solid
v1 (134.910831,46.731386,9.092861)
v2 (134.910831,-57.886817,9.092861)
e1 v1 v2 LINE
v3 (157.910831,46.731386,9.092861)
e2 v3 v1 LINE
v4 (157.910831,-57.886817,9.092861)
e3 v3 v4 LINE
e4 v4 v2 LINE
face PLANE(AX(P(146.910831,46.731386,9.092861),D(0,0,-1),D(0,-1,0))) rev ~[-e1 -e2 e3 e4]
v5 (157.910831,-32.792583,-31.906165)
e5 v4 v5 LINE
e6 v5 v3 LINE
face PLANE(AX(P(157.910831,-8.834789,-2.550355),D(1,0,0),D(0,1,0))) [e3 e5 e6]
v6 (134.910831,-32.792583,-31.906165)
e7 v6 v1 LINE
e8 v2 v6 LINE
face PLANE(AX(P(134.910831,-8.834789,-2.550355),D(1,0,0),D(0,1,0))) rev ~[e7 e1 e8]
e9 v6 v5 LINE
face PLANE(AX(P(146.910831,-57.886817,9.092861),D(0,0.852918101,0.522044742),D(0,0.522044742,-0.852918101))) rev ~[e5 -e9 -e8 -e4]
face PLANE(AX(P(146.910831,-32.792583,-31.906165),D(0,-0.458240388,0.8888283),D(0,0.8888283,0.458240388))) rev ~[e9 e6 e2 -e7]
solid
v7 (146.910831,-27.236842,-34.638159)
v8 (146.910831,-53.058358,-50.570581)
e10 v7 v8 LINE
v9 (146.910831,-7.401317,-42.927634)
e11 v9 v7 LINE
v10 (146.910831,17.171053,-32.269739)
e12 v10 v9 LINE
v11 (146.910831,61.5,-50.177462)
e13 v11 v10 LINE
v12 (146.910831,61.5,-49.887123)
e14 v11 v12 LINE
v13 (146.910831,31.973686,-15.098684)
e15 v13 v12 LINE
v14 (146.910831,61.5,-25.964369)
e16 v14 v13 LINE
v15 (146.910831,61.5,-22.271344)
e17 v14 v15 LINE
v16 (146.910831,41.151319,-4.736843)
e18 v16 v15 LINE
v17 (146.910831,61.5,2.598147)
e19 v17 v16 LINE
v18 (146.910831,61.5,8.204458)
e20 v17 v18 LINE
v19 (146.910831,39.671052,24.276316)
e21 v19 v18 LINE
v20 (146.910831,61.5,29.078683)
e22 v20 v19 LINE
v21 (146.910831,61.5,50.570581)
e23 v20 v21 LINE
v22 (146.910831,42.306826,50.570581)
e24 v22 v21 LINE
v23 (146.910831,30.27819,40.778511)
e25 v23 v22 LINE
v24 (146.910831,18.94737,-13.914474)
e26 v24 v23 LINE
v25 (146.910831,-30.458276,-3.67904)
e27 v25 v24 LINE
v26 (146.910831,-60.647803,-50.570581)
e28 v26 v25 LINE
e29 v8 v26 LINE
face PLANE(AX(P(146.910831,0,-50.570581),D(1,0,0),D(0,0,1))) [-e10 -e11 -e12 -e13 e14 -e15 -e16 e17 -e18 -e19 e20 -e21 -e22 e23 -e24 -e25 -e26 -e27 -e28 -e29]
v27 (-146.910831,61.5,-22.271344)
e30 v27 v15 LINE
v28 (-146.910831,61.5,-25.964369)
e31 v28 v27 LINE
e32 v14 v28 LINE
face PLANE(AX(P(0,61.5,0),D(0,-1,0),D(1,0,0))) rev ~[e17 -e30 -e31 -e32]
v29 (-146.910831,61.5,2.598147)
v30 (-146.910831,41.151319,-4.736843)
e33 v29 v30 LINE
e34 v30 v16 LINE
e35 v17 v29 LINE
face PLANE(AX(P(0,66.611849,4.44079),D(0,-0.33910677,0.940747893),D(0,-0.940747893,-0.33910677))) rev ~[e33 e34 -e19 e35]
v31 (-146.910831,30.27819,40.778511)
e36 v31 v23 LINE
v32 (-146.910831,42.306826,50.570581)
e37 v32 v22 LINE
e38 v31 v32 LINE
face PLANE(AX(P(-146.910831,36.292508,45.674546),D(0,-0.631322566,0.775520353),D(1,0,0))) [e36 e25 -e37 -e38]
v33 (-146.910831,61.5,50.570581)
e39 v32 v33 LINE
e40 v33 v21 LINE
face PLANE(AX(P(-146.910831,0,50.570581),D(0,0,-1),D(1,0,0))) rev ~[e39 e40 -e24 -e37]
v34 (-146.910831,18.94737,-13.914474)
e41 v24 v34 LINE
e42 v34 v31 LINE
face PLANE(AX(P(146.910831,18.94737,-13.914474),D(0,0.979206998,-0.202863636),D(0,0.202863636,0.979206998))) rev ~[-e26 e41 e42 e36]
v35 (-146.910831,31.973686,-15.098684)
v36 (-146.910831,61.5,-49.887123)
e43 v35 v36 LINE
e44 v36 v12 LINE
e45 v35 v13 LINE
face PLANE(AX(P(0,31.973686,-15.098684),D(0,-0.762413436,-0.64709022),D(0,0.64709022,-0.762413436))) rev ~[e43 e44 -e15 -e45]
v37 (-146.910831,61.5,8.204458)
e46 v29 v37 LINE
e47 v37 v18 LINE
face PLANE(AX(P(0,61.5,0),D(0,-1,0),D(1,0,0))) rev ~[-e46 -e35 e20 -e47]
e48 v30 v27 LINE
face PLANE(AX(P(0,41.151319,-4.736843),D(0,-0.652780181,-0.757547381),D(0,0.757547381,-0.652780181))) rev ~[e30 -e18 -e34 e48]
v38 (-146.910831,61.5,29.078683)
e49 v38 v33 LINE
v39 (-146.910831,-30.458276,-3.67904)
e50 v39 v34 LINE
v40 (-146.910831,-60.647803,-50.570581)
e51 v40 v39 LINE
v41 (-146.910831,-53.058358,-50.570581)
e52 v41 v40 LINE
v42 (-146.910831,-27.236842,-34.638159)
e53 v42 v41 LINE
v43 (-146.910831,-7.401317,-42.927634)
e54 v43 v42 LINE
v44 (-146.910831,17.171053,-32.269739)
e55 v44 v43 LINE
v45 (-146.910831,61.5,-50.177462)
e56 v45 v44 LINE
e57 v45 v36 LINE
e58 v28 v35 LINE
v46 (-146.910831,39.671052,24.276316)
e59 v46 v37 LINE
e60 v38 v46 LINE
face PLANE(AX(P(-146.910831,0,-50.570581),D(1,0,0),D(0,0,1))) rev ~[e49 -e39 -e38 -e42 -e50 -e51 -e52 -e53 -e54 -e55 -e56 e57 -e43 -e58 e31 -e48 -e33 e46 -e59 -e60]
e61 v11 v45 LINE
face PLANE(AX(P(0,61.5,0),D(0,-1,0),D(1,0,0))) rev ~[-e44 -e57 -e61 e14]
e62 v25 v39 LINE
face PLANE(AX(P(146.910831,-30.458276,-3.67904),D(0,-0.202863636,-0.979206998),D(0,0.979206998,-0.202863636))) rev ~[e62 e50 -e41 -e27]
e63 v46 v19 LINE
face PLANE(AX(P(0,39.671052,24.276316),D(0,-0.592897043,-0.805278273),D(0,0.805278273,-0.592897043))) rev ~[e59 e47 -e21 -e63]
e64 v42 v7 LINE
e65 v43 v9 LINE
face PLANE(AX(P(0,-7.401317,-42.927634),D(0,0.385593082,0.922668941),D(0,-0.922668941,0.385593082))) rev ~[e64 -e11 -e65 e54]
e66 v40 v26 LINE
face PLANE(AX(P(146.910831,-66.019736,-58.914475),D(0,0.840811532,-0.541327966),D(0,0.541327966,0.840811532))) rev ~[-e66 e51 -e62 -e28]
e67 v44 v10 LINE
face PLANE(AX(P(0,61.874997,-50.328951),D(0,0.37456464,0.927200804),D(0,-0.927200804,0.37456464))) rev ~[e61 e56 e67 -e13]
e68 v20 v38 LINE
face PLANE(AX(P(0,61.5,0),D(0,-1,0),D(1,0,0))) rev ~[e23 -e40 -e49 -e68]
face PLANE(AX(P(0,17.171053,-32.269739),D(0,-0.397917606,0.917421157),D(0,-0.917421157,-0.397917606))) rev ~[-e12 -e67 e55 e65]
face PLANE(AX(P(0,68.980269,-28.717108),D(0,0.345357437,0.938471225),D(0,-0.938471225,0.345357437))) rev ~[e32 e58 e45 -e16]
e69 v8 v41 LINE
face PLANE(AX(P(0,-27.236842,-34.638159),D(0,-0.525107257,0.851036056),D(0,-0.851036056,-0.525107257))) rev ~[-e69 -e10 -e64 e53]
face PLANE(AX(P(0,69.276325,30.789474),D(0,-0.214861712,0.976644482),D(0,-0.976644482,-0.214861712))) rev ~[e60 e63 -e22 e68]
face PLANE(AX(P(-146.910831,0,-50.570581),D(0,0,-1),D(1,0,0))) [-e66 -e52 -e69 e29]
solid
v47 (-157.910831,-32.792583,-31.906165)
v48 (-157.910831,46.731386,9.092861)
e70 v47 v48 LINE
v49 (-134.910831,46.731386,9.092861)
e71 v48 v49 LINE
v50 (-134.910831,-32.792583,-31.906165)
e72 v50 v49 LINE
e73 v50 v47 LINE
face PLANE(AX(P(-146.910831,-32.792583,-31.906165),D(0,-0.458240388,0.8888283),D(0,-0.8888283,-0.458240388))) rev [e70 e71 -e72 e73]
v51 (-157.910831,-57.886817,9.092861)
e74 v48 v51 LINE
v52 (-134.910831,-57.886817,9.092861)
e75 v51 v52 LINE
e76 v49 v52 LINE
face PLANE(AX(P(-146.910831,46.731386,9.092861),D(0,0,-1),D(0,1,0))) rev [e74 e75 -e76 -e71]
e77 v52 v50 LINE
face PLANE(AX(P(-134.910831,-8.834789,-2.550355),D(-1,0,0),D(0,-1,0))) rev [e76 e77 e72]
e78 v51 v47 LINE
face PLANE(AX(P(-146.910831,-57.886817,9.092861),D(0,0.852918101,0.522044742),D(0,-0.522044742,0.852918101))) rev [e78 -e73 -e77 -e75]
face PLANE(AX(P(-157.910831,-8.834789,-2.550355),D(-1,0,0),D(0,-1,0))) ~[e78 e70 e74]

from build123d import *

# Parameters (mm, degrees)
F0_W          = 293.8216626644
F0_H          = 101.1411622167
F1_DEPTH      = 61.5
F4_DEPTH      = 334
F6_DEPTH      = 12
F6_DEPTH_BACK = 11
F8_SIZE       = 10
F10_DEPTH     = 185


with BuildPart() as f1:
    # F0 (on Front) → F1 (new body, symmetric)
    with BuildSketch(Plane.XZ):
        Rectangle(F0_W, F0_H)
    extrude(amount=F1_DEPTH, both=True)

    # F3 (on face) → F4 (cut)
    with BuildSketch(Plane.YZ.offset(146.9108313322)):
        Polygon((18.9473703504, -13.9144742861), (34.342110157, 60.3947378695), (-66.0197362304, 65.4276311398), (-66.0197362304, -58.914475143), (-30.4582760151, -3.6790398264), align=None)
    extrude(amount=-F4_DEPTH, mode=Mode.SUBTRACT)

    # F7: F1 across plane


with BuildPart() as f6:
    # F5 (on face) → F6 (new body, two sides)
    with BuildSketch(Plane.YZ.offset(146.9108313322)) as f6_sk:
        Polygon((-57.8868165612, 9.0928608552), (-32.7925831079, -31.9061651826), (46.7313863337, 9.0928608552), align=None)
    extrude(amount=-F6_DEPTH)
    extrude(f6_sk.sketch, amount=F6_DEPTH_BACK)


with BuildPart() as f1_1:
    add(f1.part)
    add(f1.part.mirror(Plane.YZ))

    # F8
    f8_edges = [f1_1.edges().sort_by_distance(p)[0] for p in [
        (0, 32.306826, 50.570581),
    ]]
    chamfer(f8_edges, length=F8_SIZE)

    # F9 (on Right) → F10 (cut, symmetric)
    with BuildSketch(Plane.YZ):
        Polygon((78.7500068545, -65.2264166398), (69.2763254046, 30.7894740254), (39.6710522473, 24.2763161659), (66.6118487716, 4.4407895766), (41.1513186991, -4.7368425876), (68.980269134, -28.7171080709), (31.9736860693, -15.0986844674), (61.8749968708, -50.328951329), (17.1710532159, -32.2697386146), (-7.4013168924, -42.927633971), (-27.236841619, -34.638158977), (-55.0657920539, -51.8092103302), (-46.7870918171, -65.2264166398), align=None)
    extrude(amount=F10_DEPTH, both=True, mode=Mode.SUBTRACT)


with BuildPart() as f11_1:
    # F11: instance of F6
    add(f6.part.mirror(Plane.YZ))


solid = Compound([f6.part, f1_1.part, f11_1.part])
